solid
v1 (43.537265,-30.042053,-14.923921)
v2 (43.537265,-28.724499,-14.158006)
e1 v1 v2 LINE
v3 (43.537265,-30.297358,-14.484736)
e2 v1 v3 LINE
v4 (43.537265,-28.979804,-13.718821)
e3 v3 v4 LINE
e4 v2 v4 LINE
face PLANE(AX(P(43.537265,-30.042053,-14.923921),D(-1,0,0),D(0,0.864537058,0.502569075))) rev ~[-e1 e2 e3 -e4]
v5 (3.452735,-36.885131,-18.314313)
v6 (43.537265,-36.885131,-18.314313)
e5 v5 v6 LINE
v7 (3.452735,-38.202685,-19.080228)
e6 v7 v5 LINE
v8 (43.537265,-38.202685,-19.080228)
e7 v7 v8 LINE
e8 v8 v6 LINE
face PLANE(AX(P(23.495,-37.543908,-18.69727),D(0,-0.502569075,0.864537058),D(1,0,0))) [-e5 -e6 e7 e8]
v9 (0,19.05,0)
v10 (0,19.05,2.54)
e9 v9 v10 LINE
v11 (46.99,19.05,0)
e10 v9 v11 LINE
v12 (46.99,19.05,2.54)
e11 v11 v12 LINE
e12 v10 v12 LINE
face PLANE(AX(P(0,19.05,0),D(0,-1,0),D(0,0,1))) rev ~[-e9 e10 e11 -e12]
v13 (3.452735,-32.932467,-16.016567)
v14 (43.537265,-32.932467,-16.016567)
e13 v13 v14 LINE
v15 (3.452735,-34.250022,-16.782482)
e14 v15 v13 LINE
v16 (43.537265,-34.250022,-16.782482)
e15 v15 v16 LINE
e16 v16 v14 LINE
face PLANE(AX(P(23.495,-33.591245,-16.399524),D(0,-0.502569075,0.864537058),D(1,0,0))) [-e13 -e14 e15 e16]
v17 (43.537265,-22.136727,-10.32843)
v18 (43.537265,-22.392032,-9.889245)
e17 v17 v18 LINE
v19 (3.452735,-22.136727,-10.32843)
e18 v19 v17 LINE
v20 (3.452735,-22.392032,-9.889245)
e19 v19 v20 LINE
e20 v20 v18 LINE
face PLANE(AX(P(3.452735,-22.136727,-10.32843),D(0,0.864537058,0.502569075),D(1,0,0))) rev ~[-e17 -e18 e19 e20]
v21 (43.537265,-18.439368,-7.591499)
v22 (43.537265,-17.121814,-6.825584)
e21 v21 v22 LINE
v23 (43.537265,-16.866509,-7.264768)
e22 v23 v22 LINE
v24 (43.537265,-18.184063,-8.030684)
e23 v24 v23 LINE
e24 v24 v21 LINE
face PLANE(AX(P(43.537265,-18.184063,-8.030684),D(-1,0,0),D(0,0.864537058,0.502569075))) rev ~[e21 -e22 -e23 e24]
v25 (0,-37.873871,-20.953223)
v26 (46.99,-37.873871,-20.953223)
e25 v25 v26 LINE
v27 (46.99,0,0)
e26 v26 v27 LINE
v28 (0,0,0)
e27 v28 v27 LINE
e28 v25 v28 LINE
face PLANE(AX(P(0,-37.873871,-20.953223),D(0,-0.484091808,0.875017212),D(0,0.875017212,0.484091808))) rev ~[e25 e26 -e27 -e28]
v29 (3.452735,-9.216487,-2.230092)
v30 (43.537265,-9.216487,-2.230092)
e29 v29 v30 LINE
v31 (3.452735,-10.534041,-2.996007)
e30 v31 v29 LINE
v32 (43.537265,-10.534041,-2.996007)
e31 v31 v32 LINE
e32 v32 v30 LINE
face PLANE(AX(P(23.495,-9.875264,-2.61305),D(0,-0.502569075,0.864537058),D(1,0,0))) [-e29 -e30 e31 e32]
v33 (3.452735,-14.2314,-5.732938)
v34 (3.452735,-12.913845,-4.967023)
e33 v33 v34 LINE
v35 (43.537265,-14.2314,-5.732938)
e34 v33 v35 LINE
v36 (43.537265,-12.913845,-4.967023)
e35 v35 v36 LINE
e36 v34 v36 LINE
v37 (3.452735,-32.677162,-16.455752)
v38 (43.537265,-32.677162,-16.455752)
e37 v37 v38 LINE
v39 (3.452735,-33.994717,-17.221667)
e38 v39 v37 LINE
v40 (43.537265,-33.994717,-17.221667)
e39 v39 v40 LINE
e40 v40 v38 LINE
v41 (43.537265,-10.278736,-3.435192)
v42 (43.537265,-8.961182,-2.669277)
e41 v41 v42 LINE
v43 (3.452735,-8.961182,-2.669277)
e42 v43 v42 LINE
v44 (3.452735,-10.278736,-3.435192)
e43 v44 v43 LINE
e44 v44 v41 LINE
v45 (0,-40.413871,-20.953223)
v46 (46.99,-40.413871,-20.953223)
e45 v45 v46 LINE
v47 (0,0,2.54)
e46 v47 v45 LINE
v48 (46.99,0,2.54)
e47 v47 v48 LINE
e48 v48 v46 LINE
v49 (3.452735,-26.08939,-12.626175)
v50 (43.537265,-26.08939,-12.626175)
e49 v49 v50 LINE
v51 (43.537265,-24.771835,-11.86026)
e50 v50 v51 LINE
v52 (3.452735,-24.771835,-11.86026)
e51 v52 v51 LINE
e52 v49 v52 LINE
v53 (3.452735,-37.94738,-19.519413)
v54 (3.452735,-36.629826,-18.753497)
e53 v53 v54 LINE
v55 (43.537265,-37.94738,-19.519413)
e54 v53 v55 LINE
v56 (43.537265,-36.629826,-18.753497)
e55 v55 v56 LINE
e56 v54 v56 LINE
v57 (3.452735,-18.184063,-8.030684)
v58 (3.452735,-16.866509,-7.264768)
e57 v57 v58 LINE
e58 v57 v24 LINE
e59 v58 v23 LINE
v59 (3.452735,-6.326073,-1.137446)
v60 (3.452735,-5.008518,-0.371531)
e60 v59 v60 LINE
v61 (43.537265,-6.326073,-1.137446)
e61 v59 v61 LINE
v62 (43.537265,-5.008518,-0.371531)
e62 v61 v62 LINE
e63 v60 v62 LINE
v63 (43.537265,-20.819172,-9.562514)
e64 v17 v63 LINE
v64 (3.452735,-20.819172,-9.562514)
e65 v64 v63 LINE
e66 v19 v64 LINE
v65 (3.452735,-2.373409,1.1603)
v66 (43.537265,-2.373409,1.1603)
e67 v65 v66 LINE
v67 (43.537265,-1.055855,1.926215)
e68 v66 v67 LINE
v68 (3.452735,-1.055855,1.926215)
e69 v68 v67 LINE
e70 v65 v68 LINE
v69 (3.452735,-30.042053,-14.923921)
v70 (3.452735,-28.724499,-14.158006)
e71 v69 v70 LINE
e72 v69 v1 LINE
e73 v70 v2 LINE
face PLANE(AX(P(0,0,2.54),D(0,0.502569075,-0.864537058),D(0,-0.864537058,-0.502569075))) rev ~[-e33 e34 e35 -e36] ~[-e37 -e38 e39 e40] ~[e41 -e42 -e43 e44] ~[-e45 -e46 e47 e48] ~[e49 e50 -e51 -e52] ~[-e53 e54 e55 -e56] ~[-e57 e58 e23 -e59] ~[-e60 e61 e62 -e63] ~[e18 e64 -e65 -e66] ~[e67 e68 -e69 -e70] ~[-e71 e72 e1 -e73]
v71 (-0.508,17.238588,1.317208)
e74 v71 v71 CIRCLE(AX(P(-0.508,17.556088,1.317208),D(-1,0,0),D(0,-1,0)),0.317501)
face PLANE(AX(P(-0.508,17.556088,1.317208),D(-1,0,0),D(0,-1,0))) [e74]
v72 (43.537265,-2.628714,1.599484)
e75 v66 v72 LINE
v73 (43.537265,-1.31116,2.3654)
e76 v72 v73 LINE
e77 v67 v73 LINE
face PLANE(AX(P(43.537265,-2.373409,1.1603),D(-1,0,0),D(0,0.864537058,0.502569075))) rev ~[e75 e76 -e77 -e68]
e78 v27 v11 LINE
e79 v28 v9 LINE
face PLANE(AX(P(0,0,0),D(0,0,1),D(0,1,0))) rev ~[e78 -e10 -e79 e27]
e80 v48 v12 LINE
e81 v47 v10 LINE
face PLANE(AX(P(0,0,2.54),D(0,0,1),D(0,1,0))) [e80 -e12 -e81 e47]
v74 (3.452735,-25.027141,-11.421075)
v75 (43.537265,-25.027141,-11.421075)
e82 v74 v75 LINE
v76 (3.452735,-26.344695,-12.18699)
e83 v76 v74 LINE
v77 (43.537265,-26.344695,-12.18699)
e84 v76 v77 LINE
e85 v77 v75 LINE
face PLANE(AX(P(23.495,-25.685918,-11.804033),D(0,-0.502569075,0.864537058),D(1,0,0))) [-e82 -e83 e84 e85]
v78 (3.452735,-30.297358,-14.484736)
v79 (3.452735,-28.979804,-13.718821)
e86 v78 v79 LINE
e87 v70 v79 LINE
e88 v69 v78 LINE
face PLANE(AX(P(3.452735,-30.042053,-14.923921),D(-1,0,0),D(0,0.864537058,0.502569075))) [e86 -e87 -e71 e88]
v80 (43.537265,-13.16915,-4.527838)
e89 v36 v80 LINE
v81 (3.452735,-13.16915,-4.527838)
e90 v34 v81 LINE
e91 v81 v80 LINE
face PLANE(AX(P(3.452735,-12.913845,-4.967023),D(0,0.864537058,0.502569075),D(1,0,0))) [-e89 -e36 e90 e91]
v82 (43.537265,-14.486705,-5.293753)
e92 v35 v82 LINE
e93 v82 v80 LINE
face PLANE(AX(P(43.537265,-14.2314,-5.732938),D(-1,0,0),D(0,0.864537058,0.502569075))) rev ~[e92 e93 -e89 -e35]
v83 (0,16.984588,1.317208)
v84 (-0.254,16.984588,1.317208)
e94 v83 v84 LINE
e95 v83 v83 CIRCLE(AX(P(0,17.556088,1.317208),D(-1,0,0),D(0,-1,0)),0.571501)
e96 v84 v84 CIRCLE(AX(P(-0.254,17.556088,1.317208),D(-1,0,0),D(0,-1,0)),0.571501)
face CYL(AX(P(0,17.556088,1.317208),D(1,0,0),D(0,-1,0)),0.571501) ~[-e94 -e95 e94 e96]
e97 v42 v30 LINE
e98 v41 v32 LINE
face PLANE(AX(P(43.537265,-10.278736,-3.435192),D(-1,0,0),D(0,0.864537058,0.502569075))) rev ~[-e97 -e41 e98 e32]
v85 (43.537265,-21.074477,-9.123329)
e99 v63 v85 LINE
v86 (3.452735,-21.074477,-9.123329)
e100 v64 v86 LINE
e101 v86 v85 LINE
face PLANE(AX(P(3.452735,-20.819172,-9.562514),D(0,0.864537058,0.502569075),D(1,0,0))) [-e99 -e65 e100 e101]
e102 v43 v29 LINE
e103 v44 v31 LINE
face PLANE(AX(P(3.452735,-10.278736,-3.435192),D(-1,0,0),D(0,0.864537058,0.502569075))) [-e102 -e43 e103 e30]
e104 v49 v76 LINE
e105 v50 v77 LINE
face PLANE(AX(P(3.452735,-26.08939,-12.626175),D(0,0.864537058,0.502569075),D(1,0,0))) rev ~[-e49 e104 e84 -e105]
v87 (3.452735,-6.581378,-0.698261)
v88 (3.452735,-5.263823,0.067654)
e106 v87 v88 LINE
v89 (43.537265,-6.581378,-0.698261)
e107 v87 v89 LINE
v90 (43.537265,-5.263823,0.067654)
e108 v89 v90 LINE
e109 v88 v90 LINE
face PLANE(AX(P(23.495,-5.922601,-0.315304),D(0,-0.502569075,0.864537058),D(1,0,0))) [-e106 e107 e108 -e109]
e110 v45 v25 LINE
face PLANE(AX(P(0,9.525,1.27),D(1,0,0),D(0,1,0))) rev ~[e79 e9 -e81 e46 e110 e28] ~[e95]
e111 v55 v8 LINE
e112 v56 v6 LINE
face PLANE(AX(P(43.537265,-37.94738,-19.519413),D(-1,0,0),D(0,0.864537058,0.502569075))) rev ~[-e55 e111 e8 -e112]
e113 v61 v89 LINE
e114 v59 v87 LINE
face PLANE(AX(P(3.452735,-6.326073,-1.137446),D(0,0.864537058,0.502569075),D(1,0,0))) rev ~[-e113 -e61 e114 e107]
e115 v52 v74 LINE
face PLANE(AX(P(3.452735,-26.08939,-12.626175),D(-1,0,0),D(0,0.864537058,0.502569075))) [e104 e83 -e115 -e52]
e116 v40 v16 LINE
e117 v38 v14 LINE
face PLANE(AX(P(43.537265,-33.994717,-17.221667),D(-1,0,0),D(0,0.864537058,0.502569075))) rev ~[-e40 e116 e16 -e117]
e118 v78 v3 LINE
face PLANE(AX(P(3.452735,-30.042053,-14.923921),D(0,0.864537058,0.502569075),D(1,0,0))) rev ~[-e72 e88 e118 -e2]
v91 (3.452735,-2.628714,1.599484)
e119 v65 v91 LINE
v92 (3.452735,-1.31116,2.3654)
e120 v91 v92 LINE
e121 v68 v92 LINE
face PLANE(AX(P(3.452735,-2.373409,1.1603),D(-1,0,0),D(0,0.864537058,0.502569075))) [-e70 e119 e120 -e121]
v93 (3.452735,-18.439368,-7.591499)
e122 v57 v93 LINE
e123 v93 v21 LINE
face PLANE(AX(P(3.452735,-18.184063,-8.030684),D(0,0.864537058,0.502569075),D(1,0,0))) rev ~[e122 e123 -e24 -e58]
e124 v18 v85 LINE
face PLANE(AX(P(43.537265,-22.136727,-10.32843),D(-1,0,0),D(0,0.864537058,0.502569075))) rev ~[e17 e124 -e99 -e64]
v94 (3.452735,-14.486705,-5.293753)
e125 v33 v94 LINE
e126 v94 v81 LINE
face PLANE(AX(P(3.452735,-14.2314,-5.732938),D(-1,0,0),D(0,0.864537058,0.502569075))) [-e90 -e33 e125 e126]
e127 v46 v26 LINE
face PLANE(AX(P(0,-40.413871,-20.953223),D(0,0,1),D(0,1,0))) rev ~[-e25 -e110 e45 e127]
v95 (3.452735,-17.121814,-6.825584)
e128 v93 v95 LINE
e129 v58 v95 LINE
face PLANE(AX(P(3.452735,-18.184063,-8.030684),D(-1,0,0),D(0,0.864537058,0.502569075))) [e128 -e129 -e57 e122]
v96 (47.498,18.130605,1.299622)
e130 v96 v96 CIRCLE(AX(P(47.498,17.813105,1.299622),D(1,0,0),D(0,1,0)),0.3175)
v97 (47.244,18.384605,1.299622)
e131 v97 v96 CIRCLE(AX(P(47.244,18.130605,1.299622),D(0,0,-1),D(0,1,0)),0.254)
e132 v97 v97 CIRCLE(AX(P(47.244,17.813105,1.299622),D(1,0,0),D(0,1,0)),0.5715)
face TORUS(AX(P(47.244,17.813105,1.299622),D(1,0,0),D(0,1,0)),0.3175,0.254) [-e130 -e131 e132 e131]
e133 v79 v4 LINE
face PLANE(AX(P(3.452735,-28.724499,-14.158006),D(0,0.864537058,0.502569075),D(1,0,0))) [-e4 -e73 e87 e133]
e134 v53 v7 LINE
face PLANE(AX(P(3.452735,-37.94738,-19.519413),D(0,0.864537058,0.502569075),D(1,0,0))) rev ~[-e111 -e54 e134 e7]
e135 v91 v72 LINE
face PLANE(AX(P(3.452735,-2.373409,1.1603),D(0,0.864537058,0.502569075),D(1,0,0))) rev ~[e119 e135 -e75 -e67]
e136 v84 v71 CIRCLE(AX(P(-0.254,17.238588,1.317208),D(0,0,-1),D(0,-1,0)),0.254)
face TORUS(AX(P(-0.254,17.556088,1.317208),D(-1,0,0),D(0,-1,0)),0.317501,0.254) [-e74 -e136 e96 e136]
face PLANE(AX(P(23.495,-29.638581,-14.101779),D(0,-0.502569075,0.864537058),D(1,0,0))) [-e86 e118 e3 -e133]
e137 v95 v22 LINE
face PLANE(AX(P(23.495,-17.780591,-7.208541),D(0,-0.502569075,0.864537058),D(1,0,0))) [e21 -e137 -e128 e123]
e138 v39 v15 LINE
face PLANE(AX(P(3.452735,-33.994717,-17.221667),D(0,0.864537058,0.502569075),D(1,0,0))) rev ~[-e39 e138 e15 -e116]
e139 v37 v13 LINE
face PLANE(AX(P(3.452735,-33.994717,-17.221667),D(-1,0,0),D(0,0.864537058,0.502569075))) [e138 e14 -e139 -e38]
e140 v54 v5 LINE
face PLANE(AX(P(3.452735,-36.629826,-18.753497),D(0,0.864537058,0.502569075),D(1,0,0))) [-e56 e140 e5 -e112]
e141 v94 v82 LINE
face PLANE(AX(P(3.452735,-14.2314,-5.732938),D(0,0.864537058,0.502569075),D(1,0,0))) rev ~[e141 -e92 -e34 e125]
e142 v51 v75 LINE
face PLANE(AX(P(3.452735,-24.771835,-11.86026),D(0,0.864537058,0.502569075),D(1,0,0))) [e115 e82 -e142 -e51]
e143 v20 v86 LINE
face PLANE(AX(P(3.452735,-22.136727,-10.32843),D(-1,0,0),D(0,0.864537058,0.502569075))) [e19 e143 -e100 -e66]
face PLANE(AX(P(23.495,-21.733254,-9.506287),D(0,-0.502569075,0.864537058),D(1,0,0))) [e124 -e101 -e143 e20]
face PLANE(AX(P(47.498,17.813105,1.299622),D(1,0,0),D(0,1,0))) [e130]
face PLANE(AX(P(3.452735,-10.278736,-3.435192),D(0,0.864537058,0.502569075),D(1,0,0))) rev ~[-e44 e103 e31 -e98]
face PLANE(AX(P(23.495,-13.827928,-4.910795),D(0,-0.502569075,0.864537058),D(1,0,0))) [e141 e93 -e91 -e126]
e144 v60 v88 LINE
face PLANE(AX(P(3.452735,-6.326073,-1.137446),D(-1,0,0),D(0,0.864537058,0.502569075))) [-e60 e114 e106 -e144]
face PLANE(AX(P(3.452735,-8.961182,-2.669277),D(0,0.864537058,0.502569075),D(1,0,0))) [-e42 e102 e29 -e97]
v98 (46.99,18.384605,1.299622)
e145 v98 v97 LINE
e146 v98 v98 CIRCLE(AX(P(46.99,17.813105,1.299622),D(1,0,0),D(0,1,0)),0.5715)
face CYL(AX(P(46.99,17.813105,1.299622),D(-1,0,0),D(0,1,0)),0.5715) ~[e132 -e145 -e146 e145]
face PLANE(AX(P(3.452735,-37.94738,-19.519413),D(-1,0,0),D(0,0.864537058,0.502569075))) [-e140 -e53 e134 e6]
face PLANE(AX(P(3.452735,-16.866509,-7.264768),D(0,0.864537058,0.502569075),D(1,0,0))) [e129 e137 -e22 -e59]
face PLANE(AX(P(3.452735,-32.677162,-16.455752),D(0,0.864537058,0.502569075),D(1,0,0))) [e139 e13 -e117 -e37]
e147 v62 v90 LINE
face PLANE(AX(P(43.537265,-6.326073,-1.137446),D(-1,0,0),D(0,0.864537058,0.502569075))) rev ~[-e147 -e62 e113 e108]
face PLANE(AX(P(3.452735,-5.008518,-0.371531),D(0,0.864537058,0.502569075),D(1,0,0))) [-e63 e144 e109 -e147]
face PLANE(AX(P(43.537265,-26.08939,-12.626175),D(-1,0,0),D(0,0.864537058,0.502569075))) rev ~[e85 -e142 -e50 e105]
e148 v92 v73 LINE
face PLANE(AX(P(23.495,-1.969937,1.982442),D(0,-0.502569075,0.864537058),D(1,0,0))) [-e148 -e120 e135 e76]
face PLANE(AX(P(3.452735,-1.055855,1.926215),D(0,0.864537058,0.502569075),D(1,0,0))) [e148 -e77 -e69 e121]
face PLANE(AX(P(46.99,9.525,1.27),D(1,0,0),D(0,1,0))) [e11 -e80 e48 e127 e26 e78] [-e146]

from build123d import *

# Parameters (mm, degrees)
F0_W     = 19.05
F0_H     = 2.54
F1_DEPTH = 46.99
F2_W     = 40.0845290253
F2_H     = 1.524
F3_DEPTH = 0.508
F4_R     = 0.57150051
F5_DEPTH = 0.508
F6_R     = 0.254
F7_R     = 0.5715
F8_DEPTH = 0.508
F9_R     = 0.254


with BuildPart() as f1:
    # F0 (on Right) → F1 (new body)
    with BuildSketch(Plane.YZ):
        with Locations((9.525, 1.27)):
            Rectangle(F0_W, F0_H)
        Polygon((0, 0), (0, 2.54), (-40.4138714075, -20.9532231092), (-37.8738714075, -20.9532231092), align=None)
    extrude(amount=F1_DEPTH)

    # F2 (on face) → F3 (join)
    with BuildSketch(Plane(origin=(0, -1.1036035582, 1.8984577841), x_dir=(1, 0, 0), z_dir=(0, -0.5025690754, 0.8645370579))):
        with Locations((23.495, -0.7067697006)):
            Rectangle(F2_W, F2_H)
        with Locations((23.495, -5.2787697006)):
            Rectangle(F2_W, F2_H)
        with Locations((23.495, -9.8507697006)):
            Rectangle(F2_W, F2_H)
        with Locations((23.495, -14.4227697006)):
            Rectangle(F2_W, F2_H)
        with Locations((23.495, -18.9947697006)):
            Rectangle(F2_W, F2_H)
        with Locations((23.495, -23.5667697006)):
            Rectangle(F2_W, F2_H)
        with Locations((23.495, -28.1387697006)):
            Rectangle(F2_W, F2_H)
        with Locations((23.495, -32.7107697006)):
            Rectangle(F2_W, F2_H)
        with Locations((23.495, -37.2827697006)):
            Rectangle(F2_W, F2_H)
        with Locations((23.495, -41.8547697006)):
            Rectangle(F2_W, F2_H)
    extrude(amount=F3_DEPTH)

    # F4 (on face) → F5 (join)
    with BuildSketch(Plane(origin=(0, 0, 0), x_dir=(0, -1, 0), z_dir=(-1, 0, 0))):
        with Locations((-17.5560880452, 1.3172084)):
            Circle(F4_R)
    extrude(amount=F5_DEPTH)

    # F6
    f6_edges = [f1.edges().sort_by_distance(p)[0] for p in [
        (-0.508, 18.127589, 1.317208),
    ]]
    fillet(f6_edges, radius=F6_R)

    # F7 (on face) → F8 (join)
    with BuildSketch(Plane.YZ.offset(46.99)):
        with Locations((17.8131051362, 1.299622003)):
            Circle(F7_R)
    extrude(amount=F8_DEPTH)

    # F9
    f9_edges = [f1.edges().sort_by_distance(p)[0] for p in [
        (47.498, 17.241605, 1.299622),
    ]]
    fillet(f9_edges, radius=F9_R)


solid = f1.part
